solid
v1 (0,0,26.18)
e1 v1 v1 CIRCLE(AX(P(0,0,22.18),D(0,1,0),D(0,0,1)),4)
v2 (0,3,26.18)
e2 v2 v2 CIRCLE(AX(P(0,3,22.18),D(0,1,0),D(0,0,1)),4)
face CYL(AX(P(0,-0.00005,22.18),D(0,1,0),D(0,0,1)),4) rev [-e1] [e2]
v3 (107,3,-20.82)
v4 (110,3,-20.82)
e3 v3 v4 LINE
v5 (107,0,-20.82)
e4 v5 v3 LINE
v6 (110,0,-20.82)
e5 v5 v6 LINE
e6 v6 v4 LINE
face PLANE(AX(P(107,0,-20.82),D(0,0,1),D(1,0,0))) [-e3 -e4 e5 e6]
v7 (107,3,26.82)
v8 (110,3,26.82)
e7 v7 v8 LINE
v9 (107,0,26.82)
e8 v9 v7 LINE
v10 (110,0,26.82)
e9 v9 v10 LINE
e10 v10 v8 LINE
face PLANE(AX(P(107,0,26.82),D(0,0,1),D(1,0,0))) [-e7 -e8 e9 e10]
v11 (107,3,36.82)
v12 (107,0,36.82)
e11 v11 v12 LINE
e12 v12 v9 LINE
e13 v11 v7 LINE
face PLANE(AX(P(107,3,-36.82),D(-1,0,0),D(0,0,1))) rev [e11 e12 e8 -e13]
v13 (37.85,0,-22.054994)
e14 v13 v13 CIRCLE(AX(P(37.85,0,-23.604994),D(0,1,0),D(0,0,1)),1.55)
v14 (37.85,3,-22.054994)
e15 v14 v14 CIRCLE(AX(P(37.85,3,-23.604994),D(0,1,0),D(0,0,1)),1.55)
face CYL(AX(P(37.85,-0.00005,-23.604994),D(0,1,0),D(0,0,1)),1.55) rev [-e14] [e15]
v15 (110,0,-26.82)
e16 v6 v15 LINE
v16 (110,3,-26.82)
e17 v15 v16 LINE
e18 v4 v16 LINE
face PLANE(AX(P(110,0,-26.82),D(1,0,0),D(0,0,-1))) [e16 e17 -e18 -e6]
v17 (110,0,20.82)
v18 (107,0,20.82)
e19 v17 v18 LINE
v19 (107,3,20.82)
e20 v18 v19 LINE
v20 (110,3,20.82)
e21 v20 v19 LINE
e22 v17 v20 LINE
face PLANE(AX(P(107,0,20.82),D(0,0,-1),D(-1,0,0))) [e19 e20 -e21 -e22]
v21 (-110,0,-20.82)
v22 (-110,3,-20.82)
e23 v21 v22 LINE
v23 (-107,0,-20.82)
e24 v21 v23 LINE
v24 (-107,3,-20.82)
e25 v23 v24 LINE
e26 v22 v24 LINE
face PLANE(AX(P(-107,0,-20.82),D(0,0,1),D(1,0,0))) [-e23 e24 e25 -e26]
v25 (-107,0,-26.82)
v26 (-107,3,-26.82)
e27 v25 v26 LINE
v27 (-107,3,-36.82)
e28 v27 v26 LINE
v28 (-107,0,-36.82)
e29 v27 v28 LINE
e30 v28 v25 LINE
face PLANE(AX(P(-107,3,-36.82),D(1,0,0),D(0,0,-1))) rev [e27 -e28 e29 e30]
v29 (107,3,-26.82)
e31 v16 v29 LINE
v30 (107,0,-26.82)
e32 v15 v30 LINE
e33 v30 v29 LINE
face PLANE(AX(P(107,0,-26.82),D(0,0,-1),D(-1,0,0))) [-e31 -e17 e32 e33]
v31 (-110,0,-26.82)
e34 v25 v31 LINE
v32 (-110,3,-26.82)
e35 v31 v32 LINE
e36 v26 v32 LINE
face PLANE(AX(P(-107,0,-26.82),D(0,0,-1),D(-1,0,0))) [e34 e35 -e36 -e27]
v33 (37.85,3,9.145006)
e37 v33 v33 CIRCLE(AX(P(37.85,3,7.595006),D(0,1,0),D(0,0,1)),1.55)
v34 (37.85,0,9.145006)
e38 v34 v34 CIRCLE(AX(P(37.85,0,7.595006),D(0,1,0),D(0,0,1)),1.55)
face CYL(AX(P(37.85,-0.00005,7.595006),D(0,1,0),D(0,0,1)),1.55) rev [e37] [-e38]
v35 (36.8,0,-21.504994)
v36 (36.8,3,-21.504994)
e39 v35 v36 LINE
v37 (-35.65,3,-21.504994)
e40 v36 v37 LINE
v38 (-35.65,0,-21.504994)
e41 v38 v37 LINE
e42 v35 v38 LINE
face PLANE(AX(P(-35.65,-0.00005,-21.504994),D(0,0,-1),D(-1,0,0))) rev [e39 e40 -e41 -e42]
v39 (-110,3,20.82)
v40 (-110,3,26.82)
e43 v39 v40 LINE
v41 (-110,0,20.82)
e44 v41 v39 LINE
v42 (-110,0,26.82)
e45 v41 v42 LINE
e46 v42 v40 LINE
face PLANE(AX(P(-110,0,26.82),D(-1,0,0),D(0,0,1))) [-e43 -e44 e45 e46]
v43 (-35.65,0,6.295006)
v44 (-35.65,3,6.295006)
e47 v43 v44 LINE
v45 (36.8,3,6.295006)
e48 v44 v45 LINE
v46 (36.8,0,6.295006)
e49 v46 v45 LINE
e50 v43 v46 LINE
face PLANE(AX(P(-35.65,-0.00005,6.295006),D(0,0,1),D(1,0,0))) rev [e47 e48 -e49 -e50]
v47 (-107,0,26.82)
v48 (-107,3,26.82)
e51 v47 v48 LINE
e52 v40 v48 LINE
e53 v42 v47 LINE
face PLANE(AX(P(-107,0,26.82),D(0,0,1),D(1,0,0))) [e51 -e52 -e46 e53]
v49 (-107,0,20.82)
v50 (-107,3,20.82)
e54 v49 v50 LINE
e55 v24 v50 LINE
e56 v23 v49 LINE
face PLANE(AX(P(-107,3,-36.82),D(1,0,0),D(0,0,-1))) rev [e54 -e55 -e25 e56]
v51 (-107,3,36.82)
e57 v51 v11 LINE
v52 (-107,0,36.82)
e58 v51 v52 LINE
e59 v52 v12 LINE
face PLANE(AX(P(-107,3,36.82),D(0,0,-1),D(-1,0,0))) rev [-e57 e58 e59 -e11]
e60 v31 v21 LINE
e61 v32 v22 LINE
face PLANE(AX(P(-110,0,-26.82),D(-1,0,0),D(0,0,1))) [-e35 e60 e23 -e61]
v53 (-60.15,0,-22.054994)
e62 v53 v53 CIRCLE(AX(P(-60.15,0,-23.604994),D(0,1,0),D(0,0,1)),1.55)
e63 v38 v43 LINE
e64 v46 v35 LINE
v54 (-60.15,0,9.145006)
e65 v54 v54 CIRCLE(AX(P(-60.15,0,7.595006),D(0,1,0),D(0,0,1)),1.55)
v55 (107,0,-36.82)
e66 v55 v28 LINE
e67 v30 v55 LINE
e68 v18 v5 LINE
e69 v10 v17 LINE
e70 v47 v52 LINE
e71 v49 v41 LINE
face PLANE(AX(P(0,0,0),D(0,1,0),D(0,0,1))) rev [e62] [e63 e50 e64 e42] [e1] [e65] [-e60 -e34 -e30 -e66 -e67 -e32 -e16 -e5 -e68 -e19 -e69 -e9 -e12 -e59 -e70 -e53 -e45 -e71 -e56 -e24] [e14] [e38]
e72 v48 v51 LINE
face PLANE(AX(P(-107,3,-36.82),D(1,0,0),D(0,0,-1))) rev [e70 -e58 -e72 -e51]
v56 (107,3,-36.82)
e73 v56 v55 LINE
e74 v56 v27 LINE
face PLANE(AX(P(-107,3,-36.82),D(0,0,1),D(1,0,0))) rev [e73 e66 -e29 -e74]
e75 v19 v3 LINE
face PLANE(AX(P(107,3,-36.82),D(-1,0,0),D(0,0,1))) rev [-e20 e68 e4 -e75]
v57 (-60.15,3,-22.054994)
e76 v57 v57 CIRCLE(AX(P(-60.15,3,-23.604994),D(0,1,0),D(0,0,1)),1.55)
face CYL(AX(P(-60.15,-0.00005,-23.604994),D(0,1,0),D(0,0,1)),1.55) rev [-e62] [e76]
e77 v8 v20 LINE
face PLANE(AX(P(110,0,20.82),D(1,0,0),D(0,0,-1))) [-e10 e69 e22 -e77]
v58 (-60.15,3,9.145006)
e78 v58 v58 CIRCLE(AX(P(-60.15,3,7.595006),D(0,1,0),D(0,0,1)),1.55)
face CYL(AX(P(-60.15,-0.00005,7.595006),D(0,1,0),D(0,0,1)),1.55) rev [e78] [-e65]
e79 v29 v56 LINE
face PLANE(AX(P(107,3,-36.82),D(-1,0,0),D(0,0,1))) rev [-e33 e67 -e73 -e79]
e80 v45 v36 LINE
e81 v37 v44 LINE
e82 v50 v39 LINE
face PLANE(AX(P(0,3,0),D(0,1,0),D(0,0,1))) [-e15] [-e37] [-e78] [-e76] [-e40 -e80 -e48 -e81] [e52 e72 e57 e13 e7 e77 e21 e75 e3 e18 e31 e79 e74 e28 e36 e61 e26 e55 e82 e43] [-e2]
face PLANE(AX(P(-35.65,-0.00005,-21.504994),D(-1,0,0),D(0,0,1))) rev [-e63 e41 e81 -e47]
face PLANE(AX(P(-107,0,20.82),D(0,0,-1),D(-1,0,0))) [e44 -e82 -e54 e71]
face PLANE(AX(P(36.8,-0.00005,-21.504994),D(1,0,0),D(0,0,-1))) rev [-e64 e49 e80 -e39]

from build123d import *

# Parameters (mm, degrees)
CROQUIS1_W              = 214
CROQUIS1_H              = 73.64
SALIENTE_EXTRUIR1_DEPTH = 3
CROQUIS3_W              = 3
CROQUIS3_H              = 6
SALIENTE_EXTRUIR2_DEPTH = 3
CROQUIS2_R              = 4
CORTAR_EXTRUIR1_DEPTH   = 4
CROQUIS5_R              = 1.55
CORTAR_EXTRUIR3_DEPTH   = 4
CROQUIS6_W              = 72.45
CROQUIS6_H              = 27.8
CORTAR_EXTRUIR4_DEPTH   = 4


with BuildPart() as part:
    # Croquis1 → Saliente-Extruir1 (new body)
    with BuildSketch(Plane(origin=(0, 0, 0), x_dir=(1, 0, 0), z_dir=(0, 1, 0))):
        Rectangle(CROQUIS1_W, CROQUIS1_H)
    extrude(amount=SALIENTE_EXTRUIR1_DEPTH)

    # Croquis3 → Saliente-Extruir2 (add, through all)
    with BuildSketch(Plane(origin=(0, 3, 0), x_dir=(1, 0, 0), z_dir=(0, 1, 0))):
        with Locations((-108.5, 23.82)):
            Rectangle(CROQUIS3_W, CROQUIS3_H)
        with Locations((-108.5, -23.82)):
            Rectangle(CROQUIS3_W, CROQUIS3_H)
        with Locations((108.5, 23.82)):
            Rectangle(CROQUIS3_W, CROQUIS3_H)
        with Locations((108.5, -23.82)):
            Rectangle(CROQUIS3_W, CROQUIS3_H)
    extrude(amount=-SALIENTE_EXTRUIR2_DEPTH)

    # Croquis2 → Cortar-Extruir1 (cut, through all)
    with BuildSketch(Plane(origin=(0, 3, 0), x_dir=(1, 0, 0), z_dir=(0, 1, 0))):
        with Locations((0, -22.18)):
            Circle(CROQUIS2_R)
    extrude(amount=-CORTAR_EXTRUIR1_DEPTH, mode=Mode.SUBTRACT)

    # Croquis5 → Cortar-Extruir3 (cut, through all)
    with BuildSketch(Plane(origin=(0, 3, 0), x_dir=(1, 0, 0), z_dir=(0, 1, 0))):
        with Locations((-60.15, 23.604994207)):
            Circle(CROQUIS5_R)
        with Locations((37.85, 23.604994207)):
            Circle(CROQUIS5_R)
        with Locations((37.85, -7.595005793)):
            Circle(CROQUIS5_R)
        with Locations((-60.15, -7.595005793)):
            Circle(CROQUIS5_R)
    extrude(amount=-CORTAR_EXTRUIR3_DEPTH, mode=Mode.SUBTRACT)

    # Croquis6 → Cortar-Extruir4 (cut, through all)
    with BuildSketch(Plane(origin=(0, 3, 0), x_dir=(1, 0, 0), z_dir=(0, 1, 0))):
        with Locations((0.575, 7.604994207)):
            Rectangle(CROQUIS6_W, CROQUIS6_H)
    extrude(amount=-CORTAR_EXTRUIR4_DEPTH, mode=Mode.SUBTRACT)


solid = part.part
